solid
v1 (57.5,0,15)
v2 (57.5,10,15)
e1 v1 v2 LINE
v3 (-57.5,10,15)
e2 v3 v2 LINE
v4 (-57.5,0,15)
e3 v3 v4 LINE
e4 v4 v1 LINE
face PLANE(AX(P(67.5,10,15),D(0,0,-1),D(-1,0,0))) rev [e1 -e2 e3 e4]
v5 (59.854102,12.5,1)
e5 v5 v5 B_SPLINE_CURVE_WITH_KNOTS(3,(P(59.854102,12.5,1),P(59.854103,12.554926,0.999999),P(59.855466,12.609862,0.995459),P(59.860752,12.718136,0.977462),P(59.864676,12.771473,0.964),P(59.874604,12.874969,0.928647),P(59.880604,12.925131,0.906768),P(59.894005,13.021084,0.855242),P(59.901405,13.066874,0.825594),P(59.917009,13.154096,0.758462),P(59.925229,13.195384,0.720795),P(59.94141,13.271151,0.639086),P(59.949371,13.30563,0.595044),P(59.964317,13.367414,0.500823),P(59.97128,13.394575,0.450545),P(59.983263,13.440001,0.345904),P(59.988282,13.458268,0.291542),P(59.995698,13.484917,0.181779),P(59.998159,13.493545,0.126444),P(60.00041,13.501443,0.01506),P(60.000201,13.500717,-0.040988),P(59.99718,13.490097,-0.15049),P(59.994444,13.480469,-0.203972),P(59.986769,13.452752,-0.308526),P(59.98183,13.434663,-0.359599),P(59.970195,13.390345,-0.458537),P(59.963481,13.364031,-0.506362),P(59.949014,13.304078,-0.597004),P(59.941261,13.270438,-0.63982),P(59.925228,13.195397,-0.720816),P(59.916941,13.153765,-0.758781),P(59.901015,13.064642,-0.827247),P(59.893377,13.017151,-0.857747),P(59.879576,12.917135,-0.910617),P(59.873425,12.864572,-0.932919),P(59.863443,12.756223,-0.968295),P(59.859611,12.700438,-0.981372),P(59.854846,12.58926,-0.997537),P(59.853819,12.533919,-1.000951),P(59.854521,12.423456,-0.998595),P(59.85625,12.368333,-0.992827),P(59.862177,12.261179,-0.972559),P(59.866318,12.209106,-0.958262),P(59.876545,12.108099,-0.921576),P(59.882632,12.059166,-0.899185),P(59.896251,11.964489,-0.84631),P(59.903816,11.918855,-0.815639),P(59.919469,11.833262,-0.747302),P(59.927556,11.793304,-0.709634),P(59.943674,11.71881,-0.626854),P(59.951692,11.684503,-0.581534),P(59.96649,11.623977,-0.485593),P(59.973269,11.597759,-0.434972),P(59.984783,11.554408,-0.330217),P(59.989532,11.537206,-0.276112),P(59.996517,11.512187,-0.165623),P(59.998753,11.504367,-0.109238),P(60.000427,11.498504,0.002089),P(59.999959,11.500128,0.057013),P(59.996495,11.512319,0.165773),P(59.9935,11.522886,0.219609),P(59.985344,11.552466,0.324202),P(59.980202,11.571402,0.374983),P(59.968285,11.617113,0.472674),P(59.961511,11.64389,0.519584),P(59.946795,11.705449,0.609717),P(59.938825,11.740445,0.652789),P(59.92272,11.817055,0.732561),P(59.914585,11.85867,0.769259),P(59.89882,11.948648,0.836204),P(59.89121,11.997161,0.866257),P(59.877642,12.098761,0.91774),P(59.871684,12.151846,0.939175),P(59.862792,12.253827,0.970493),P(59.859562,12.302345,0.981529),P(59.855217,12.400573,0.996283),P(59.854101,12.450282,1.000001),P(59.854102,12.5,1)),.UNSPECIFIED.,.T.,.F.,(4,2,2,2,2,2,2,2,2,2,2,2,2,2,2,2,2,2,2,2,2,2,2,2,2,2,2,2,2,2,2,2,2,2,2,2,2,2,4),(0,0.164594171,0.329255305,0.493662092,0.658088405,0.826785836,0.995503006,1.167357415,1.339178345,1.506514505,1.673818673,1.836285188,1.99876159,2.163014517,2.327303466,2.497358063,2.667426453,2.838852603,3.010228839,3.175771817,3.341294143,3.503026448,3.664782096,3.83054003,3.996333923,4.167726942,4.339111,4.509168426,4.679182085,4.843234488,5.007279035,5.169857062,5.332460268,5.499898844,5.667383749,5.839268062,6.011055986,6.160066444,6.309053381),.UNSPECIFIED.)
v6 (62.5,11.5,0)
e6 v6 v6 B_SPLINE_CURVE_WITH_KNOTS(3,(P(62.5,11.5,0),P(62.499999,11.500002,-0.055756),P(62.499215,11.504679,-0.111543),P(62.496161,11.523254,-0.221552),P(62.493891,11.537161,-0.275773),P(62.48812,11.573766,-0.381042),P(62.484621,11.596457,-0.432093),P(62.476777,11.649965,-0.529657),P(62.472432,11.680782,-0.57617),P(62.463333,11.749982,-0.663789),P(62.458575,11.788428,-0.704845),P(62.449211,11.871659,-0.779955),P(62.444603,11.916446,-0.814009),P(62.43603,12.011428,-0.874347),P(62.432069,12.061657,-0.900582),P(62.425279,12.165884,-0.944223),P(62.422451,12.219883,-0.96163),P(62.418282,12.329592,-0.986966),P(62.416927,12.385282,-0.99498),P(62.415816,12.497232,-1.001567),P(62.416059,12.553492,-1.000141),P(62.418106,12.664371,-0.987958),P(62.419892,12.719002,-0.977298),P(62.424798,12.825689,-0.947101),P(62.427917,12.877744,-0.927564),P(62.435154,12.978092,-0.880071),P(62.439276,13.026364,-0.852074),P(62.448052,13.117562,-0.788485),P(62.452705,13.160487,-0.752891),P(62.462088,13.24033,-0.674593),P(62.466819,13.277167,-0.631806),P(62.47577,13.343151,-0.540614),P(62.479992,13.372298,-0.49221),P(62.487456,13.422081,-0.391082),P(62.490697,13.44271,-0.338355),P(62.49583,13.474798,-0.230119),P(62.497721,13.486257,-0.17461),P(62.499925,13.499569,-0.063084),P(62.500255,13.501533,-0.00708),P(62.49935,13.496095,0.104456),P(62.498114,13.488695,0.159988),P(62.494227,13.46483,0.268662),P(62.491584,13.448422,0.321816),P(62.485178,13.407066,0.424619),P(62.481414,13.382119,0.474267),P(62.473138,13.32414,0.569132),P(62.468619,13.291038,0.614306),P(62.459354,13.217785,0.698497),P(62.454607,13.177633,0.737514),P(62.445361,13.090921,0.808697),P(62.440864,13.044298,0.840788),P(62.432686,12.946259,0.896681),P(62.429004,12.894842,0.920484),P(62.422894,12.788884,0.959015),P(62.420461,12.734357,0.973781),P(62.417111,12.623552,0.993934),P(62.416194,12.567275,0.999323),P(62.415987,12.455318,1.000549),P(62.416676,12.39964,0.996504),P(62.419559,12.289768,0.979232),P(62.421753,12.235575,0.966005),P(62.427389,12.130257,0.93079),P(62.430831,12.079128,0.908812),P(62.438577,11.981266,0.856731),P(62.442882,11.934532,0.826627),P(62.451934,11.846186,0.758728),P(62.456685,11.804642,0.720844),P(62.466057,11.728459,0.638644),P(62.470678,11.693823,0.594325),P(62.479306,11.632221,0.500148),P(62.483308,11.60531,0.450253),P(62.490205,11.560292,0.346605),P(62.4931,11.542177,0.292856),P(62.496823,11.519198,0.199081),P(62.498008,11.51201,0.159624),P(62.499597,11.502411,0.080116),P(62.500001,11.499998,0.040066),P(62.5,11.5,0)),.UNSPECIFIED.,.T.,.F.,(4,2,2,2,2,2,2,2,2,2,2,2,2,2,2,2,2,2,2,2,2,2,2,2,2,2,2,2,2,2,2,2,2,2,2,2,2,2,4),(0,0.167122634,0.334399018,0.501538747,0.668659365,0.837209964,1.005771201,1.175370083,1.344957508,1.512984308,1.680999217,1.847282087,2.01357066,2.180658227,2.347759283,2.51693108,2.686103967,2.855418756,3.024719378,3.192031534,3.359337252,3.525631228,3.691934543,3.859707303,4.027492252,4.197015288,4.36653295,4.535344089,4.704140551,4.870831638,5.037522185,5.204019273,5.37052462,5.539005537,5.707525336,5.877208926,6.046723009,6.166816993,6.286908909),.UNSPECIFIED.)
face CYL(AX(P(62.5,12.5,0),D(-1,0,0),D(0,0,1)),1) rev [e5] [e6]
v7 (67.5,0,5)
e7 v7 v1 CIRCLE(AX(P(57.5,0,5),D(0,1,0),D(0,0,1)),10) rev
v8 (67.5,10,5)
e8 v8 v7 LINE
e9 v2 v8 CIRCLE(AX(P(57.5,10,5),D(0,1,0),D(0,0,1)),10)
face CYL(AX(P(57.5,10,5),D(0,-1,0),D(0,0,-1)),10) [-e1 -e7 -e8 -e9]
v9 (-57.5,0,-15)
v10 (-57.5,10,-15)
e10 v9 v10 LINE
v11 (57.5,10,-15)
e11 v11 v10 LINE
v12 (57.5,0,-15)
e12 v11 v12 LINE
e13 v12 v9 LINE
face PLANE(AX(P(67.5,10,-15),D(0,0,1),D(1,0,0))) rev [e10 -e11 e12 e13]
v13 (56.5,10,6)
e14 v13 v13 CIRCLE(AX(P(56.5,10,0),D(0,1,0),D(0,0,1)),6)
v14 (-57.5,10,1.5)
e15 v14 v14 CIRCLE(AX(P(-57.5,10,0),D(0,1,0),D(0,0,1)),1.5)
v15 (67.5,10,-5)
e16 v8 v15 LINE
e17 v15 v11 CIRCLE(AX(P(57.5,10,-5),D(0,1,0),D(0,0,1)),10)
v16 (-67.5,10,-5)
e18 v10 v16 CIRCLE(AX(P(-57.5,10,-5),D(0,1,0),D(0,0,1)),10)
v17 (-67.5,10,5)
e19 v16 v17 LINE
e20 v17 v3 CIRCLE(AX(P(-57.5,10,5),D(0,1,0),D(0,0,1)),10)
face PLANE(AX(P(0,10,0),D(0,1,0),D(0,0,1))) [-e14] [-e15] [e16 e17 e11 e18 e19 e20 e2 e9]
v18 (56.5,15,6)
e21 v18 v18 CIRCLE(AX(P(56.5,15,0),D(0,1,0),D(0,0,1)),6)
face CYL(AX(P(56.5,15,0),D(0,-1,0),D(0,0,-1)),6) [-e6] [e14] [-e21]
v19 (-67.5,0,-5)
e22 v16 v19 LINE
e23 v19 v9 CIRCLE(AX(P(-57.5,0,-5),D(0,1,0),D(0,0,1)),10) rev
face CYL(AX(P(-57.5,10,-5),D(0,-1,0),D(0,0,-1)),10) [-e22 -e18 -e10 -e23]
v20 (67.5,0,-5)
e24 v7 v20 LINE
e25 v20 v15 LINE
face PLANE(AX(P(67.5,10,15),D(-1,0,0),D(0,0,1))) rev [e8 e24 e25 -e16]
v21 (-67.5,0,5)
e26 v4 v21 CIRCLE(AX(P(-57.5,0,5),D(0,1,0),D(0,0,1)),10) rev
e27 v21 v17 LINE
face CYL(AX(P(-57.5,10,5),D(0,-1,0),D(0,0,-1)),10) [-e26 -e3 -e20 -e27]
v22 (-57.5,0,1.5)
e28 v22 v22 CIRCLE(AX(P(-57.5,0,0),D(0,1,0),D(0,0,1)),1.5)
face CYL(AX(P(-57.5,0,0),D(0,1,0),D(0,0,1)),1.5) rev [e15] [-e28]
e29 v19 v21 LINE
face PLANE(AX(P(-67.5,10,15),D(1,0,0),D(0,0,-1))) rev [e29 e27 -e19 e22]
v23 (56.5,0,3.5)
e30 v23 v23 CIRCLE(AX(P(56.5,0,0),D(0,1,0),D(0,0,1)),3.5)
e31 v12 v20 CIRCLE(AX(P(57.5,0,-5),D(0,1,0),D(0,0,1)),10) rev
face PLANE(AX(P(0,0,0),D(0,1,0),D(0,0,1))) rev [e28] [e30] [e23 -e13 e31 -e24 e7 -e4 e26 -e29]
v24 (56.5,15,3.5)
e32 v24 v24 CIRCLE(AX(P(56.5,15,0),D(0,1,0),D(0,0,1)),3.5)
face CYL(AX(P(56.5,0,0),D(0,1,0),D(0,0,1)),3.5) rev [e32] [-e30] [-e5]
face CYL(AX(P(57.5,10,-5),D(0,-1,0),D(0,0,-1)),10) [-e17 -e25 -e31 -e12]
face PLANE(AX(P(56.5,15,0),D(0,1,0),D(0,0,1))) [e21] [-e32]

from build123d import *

# Parameters (mm, degrees)
CROQUIS1_W              = 135
CROQUIS1_H              = 30
SALIENTE_EXTRUIR1_DEPTH = 10
REDONDEO3_R             = 10
CROQUIS3_R              = 1.5
CROQUIS3_R_2            = 3.5
CORTAR_EXTRUIR2_DEPTH   = 10
SALIENTE_EXTRUIR2_START = 5
CROQUIS4_R              = 6
CROQUIS4_R_2            = 3.5
SALIENTE_EXTRUIR2_DEPTH = 5
CROQUIS5_R              = 1
CORTAR_EXTRUIR3_DEPTH   = 6


with BuildPart() as part:
    # Croquis1 → Saliente-Extruir1 (new body)
    with BuildSketch(Plane(origin=(0, 0, 0), x_dir=(1, 0, 0), z_dir=(0, 1, 0))):
        Rectangle(CROQUIS1_W, CROQUIS1_H)
    extrude(amount=SALIENTE_EXTRUIR1_DEPTH)

    # Redondeo3
    redondeo3_edges = [part.edges().sort_by_distance(p)[0] for p in [
        (-67.5, 5, -15),
        (67.5, 5, -15),
        (67.5, 5, 15),
        (-67.5, 5, 15),
    ]]
    fillet(redondeo3_edges, radius=REDONDEO3_R)

    # Croquis3 → Cortar-Extruir2 (cut)
    with BuildSketch(Plane(origin=(0, 10, 0), x_dir=(1, 0, 0), z_dir=(0, 1, 0))):
        with Locations(Location((-57.5, 0, 0), (0, 0, 270))):
            Circle(CROQUIS3_R)
        with Locations(Location((56.5, 0, 0), (0, 0, 270))):
            Circle(CROQUIS3_R_2)
    extrude(amount=-CORTAR_EXTRUIR2_DEPTH, mode=Mode.SUBTRACT)

    # Croquis4 → Saliente-Extruir2 (add)
    with BuildSketch(Plane(origin=(0, 10, 0), x_dir=(1, 0, 0), z_dir=(0, 1, 0)).offset(SALIENTE_EXTRUIR2_START)):
        with Locations(Location((56.5, 0, 0), (0, 0, 270))):
            Circle(CROQUIS4_R)
        with Locations(Location((56.5, 0, 0), (0, 0, 270))):
            Circle(CROQUIS4_R_2, mode=Mode.SUBTRACT)
    extrude(amount=-SALIENTE_EXTRUIR2_DEPTH)

    # Croquis5 → Cortar-Extruir3 (cut)
    with BuildSketch(Plane(origin=(56.5, 0, 0), x_dir=(0, 0, -1), z_dir=(1, 0, 0))):
        with Locations(Location((0, 12.5, 0), (0, 0, 180))):
            Circle(CROQUIS5_R)
    extrude(amount=CORTAR_EXTRUIR3_DEPTH, mode=Mode.SUBTRACT)


solid = part.part
